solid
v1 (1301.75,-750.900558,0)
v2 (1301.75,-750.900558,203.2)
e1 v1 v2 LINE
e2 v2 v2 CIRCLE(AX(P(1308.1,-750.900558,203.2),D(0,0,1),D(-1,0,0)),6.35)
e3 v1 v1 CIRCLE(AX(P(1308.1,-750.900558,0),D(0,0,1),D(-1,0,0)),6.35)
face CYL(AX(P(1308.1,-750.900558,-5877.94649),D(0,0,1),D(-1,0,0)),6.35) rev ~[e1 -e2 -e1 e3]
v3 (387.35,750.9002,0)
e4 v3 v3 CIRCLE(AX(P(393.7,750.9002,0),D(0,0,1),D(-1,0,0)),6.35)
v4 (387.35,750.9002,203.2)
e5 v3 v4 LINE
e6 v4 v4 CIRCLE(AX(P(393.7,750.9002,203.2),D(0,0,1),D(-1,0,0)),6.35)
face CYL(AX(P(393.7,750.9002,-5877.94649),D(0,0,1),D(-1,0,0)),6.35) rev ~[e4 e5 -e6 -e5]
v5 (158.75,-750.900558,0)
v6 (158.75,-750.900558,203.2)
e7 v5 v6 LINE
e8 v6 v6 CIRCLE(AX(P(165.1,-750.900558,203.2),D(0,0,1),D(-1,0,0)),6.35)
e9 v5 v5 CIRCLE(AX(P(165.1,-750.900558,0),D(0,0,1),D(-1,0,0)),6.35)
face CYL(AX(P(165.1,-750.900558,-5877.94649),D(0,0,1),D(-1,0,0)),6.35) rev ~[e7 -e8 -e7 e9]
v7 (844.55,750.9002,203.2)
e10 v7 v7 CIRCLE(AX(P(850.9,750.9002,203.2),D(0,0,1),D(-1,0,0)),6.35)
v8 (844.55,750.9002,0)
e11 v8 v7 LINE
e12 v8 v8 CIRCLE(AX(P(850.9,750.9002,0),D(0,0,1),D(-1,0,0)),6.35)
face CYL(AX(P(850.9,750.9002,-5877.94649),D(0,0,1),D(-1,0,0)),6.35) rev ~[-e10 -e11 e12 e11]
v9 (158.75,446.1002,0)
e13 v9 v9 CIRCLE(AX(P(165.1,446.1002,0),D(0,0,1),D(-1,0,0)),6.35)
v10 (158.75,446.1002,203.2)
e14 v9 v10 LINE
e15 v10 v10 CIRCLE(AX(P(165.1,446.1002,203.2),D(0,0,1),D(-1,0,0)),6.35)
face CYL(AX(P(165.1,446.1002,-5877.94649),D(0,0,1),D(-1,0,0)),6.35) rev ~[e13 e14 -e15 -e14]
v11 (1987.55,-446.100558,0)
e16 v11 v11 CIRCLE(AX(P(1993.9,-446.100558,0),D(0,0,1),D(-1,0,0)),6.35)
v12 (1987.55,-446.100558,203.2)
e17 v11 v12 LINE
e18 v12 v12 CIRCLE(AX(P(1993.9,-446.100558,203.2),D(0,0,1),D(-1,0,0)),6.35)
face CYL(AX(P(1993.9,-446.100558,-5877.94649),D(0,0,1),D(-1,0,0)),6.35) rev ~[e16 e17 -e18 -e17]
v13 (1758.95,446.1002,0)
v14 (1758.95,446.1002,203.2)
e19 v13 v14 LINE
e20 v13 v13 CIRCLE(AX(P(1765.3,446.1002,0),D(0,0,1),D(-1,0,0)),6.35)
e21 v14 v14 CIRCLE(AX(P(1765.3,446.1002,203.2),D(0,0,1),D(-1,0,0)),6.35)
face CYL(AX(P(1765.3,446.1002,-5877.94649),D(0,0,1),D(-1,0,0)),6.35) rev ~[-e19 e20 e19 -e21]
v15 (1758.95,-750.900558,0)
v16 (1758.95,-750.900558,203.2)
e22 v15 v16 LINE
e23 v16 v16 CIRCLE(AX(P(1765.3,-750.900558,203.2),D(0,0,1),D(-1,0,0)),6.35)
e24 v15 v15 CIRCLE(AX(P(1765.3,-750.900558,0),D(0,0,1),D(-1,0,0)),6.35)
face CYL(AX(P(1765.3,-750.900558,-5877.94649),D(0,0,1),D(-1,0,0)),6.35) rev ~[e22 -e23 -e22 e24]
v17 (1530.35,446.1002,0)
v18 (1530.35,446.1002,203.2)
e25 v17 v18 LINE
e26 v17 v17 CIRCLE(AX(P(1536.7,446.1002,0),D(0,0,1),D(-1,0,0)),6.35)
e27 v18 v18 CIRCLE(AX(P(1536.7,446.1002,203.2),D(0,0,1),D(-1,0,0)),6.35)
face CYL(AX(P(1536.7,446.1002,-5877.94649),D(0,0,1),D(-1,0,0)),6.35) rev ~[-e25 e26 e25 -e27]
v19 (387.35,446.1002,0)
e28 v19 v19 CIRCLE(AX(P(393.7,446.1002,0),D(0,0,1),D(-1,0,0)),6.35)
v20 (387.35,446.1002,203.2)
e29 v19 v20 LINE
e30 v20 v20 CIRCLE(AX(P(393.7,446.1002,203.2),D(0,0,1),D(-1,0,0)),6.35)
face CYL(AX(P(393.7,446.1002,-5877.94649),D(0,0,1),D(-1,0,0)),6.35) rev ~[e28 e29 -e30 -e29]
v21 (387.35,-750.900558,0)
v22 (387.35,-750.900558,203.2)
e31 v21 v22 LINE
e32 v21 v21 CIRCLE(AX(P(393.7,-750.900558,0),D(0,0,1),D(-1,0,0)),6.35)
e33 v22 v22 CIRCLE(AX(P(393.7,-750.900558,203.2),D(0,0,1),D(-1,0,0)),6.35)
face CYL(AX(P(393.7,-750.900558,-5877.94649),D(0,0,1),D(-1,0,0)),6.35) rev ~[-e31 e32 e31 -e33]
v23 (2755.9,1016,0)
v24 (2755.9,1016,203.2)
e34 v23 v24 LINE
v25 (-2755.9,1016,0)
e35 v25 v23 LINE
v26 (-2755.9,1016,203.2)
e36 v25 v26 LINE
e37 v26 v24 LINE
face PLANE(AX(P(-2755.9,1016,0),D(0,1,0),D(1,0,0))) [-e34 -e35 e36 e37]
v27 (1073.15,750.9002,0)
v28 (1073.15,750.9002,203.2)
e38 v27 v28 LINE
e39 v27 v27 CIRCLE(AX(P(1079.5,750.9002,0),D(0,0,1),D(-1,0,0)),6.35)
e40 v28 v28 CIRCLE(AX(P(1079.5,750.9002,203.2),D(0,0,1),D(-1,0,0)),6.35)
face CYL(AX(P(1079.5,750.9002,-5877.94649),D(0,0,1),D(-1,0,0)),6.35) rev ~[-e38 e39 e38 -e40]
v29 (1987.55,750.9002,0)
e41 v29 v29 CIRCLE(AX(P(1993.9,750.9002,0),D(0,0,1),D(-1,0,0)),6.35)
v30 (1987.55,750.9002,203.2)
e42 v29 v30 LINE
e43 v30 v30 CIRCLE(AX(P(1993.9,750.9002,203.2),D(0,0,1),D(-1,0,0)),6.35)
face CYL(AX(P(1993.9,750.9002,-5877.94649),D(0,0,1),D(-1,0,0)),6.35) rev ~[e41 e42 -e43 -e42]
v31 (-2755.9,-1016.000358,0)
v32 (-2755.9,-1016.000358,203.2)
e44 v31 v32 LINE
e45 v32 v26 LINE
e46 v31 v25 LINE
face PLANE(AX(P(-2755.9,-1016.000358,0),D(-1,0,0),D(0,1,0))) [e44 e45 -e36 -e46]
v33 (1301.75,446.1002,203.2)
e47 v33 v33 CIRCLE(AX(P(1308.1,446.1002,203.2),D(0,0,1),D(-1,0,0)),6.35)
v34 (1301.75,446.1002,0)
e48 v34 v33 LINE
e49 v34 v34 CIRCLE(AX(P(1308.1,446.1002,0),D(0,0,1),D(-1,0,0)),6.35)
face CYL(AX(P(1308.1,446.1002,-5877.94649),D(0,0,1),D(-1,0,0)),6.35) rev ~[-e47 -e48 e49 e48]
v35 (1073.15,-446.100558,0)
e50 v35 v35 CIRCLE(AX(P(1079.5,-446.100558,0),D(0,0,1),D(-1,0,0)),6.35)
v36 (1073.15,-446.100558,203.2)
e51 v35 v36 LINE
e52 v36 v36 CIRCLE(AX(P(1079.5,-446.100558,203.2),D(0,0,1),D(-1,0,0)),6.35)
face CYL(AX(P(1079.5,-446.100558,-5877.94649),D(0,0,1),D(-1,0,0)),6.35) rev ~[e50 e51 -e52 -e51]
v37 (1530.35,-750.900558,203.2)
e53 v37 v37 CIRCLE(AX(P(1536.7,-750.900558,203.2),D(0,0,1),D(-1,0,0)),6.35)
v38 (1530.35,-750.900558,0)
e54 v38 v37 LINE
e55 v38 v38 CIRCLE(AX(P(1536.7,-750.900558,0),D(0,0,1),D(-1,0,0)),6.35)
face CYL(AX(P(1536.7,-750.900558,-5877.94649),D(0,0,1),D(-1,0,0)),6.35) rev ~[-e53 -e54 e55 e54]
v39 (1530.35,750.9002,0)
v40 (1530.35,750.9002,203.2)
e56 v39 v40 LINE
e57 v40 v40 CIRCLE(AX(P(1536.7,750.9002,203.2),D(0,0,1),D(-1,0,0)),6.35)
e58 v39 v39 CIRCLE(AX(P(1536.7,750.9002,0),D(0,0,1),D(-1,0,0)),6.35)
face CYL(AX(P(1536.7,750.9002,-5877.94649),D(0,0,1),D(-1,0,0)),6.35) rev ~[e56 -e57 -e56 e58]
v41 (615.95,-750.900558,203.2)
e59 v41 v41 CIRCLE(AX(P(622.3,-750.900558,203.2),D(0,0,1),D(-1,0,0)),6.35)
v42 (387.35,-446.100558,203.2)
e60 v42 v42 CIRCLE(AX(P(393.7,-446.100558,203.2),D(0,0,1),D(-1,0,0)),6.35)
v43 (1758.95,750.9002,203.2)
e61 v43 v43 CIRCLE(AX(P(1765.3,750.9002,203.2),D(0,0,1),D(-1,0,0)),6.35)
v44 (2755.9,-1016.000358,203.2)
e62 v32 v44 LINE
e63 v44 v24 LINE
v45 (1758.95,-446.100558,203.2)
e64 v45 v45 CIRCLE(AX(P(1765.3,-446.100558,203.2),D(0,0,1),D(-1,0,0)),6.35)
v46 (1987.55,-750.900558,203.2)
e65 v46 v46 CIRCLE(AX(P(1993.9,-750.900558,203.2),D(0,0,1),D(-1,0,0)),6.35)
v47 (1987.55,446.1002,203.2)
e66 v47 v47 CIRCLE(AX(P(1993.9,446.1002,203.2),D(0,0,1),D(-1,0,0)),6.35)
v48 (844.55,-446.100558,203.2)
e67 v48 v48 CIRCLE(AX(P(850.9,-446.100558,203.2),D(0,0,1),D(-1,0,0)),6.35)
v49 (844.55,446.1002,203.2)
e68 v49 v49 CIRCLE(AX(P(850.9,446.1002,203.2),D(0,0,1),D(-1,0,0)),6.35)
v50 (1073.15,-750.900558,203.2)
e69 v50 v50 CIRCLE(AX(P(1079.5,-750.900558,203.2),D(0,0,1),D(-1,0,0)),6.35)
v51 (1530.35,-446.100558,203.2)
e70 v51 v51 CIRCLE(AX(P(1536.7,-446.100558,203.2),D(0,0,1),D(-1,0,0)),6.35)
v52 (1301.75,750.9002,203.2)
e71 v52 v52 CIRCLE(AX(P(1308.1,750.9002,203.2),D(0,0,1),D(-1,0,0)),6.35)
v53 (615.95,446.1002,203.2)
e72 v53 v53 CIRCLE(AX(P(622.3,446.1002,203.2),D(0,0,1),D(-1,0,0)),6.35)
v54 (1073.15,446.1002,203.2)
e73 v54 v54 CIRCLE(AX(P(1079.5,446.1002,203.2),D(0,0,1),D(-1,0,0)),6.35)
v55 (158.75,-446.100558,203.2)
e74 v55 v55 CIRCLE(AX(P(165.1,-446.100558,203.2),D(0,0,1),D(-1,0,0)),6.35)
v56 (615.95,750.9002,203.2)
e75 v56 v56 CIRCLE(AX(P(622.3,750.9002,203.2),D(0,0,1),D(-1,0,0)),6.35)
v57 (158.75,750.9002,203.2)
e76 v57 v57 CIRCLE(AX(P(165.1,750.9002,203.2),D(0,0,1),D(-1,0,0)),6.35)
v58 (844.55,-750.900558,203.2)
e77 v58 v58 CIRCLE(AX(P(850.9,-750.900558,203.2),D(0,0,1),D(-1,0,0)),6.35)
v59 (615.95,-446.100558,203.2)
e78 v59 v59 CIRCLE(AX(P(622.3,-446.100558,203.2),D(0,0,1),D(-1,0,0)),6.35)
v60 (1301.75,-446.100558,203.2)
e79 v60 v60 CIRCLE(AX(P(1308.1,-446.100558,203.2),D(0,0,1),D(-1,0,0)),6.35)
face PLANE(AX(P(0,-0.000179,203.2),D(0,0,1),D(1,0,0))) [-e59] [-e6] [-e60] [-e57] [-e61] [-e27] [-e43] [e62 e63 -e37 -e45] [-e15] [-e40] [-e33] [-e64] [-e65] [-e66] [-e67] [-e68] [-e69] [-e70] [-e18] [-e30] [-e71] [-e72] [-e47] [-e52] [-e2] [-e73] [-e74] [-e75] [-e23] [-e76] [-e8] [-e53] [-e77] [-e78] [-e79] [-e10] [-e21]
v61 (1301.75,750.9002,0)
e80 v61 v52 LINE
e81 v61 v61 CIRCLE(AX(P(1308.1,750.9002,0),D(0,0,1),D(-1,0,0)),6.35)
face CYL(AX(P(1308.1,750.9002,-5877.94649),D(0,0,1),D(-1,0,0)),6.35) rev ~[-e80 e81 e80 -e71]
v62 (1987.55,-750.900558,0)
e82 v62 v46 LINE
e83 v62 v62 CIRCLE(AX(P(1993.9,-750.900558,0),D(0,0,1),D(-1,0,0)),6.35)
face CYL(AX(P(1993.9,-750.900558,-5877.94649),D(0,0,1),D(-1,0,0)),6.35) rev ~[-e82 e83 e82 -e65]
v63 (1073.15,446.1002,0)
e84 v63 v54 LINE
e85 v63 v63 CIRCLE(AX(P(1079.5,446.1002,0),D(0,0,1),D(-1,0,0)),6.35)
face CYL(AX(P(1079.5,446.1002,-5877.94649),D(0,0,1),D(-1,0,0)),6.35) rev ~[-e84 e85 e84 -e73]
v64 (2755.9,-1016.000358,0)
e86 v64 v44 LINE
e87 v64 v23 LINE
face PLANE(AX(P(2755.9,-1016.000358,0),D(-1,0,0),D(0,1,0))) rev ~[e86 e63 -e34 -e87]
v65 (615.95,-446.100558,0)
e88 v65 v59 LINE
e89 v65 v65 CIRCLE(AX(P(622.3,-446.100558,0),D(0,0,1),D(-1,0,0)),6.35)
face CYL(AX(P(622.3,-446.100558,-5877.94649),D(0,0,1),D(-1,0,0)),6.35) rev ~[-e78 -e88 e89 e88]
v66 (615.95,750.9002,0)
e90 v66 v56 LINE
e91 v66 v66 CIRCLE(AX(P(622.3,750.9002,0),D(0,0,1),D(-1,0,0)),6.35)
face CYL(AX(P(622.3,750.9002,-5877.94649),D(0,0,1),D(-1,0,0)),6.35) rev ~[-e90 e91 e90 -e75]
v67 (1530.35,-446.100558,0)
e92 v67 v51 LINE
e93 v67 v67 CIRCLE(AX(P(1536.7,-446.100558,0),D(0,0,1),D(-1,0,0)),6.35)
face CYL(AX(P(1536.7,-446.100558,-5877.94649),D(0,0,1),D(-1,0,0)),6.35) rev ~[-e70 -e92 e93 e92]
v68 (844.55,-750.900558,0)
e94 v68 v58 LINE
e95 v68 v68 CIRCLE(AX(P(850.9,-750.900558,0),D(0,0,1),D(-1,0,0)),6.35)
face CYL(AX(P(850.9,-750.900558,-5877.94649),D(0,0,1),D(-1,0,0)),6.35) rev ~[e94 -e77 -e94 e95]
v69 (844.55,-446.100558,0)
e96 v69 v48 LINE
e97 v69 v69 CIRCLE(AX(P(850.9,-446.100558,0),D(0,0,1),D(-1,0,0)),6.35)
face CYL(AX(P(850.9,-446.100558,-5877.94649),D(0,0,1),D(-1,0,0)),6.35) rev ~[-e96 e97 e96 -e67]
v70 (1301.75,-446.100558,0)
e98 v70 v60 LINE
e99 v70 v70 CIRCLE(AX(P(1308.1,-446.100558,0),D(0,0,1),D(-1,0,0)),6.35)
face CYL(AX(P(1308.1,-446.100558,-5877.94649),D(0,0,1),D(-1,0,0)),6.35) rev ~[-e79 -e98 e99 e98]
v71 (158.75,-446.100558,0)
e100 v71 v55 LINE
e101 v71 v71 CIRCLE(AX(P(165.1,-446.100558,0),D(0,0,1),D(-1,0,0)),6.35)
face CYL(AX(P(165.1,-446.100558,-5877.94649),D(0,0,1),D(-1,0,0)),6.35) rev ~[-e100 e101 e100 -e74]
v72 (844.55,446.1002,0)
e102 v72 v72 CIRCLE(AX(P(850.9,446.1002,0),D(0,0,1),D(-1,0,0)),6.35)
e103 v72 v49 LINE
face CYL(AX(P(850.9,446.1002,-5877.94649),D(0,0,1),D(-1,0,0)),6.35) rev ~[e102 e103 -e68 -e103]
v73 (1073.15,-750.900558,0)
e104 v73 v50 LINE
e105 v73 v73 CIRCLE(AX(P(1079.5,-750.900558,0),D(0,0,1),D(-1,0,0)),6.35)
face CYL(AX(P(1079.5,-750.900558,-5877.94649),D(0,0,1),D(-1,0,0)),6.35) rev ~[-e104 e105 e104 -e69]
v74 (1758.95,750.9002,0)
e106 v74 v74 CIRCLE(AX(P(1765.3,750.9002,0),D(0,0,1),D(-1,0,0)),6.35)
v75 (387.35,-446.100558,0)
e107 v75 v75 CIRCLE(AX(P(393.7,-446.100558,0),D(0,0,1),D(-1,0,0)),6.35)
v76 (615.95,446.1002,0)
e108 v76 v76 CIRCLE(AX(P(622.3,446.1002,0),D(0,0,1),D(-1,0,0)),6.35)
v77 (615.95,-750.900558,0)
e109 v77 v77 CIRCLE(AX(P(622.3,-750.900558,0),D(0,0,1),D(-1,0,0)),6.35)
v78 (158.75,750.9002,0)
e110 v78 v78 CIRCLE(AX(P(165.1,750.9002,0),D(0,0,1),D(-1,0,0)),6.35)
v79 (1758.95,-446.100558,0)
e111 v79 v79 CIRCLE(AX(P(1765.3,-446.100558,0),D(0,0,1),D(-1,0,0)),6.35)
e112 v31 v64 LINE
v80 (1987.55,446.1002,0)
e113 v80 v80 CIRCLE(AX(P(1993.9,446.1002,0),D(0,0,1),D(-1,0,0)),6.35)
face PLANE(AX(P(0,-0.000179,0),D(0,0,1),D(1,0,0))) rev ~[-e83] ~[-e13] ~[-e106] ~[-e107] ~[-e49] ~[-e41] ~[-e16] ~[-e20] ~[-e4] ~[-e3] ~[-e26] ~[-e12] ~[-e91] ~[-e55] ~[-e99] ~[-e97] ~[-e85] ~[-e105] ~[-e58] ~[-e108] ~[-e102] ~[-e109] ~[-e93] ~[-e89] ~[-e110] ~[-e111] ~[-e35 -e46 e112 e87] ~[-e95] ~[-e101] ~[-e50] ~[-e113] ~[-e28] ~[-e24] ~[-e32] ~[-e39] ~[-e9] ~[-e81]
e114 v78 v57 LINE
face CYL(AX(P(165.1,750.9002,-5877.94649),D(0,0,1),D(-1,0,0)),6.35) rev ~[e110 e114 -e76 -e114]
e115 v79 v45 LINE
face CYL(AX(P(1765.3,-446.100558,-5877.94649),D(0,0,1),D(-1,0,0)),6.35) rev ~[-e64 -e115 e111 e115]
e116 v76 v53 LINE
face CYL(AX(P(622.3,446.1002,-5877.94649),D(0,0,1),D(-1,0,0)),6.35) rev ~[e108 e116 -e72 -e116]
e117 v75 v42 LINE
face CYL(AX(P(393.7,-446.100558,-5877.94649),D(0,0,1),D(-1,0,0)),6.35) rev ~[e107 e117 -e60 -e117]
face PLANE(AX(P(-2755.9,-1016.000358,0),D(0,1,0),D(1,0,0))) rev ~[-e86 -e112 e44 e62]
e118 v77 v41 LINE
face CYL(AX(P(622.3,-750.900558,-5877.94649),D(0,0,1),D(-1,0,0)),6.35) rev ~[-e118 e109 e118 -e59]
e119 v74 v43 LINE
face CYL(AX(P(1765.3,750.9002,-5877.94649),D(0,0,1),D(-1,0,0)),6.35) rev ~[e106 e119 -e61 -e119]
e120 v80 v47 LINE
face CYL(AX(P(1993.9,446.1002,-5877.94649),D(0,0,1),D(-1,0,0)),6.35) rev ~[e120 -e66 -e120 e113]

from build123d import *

# Parameters (mm, degrees)
F0_W     = 5511.8
F0_H     = 2032.000358
F1_DEPTH = 203.2
F3_D     = 12.7


with BuildPart() as f1:
    # F0 (on Top) → F1 (new body)
    with BuildSketch(Plane.XY):
        with Locations((0, -0.000179)):
            Rectangle(F0_W, F0_H)
    extrude(amount=F1_DEPTH)

    # F3 (through all)
    with Locations(Plane(origin=(0, 0, 0), x_dir=(1, 0, 0), z_dir=(0, 0, -1))):
        with Locations((393.7, 750.900558), (1079.5, 750.900558), (1536.7, 750.900558), (1765.3, 750.900558), (1993.9, 750.900558), (1765.3, -750.9002), (850.9, 446.100558), (1536.7, -750.9002), (1079.5, 446.100558), (1308.1, 446.100558), (622.3, -750.9002), (1536.7, 446.100558), (393.7, -446.1002), (1993.9, -446.1002), (1308.1, -446.1002), (1079.5, -750.9002), (393.7, -750.9002), (1765.3, 446.100558), (622.3, 446.100558), (1536.7, -446.1002), (393.7, 446.100558), (1993.9, -750.9002), (165.1, 446.100558), (165.1, -446.1002), (1308.1, -750.9002), (850.9, -446.1002), (1765.3, -446.1002), (1079.5, -446.1002), (622.3, -446.1002), (850.9, -750.9002), (165.1, -750.9002), (1993.9, 446.100558), (165.1, 750.900558), (1308.1, 750.900558), (850.9, 750.900558), (622.3, 750.900558)):
            Hole(F3_D / 2)


solid = f1.part
